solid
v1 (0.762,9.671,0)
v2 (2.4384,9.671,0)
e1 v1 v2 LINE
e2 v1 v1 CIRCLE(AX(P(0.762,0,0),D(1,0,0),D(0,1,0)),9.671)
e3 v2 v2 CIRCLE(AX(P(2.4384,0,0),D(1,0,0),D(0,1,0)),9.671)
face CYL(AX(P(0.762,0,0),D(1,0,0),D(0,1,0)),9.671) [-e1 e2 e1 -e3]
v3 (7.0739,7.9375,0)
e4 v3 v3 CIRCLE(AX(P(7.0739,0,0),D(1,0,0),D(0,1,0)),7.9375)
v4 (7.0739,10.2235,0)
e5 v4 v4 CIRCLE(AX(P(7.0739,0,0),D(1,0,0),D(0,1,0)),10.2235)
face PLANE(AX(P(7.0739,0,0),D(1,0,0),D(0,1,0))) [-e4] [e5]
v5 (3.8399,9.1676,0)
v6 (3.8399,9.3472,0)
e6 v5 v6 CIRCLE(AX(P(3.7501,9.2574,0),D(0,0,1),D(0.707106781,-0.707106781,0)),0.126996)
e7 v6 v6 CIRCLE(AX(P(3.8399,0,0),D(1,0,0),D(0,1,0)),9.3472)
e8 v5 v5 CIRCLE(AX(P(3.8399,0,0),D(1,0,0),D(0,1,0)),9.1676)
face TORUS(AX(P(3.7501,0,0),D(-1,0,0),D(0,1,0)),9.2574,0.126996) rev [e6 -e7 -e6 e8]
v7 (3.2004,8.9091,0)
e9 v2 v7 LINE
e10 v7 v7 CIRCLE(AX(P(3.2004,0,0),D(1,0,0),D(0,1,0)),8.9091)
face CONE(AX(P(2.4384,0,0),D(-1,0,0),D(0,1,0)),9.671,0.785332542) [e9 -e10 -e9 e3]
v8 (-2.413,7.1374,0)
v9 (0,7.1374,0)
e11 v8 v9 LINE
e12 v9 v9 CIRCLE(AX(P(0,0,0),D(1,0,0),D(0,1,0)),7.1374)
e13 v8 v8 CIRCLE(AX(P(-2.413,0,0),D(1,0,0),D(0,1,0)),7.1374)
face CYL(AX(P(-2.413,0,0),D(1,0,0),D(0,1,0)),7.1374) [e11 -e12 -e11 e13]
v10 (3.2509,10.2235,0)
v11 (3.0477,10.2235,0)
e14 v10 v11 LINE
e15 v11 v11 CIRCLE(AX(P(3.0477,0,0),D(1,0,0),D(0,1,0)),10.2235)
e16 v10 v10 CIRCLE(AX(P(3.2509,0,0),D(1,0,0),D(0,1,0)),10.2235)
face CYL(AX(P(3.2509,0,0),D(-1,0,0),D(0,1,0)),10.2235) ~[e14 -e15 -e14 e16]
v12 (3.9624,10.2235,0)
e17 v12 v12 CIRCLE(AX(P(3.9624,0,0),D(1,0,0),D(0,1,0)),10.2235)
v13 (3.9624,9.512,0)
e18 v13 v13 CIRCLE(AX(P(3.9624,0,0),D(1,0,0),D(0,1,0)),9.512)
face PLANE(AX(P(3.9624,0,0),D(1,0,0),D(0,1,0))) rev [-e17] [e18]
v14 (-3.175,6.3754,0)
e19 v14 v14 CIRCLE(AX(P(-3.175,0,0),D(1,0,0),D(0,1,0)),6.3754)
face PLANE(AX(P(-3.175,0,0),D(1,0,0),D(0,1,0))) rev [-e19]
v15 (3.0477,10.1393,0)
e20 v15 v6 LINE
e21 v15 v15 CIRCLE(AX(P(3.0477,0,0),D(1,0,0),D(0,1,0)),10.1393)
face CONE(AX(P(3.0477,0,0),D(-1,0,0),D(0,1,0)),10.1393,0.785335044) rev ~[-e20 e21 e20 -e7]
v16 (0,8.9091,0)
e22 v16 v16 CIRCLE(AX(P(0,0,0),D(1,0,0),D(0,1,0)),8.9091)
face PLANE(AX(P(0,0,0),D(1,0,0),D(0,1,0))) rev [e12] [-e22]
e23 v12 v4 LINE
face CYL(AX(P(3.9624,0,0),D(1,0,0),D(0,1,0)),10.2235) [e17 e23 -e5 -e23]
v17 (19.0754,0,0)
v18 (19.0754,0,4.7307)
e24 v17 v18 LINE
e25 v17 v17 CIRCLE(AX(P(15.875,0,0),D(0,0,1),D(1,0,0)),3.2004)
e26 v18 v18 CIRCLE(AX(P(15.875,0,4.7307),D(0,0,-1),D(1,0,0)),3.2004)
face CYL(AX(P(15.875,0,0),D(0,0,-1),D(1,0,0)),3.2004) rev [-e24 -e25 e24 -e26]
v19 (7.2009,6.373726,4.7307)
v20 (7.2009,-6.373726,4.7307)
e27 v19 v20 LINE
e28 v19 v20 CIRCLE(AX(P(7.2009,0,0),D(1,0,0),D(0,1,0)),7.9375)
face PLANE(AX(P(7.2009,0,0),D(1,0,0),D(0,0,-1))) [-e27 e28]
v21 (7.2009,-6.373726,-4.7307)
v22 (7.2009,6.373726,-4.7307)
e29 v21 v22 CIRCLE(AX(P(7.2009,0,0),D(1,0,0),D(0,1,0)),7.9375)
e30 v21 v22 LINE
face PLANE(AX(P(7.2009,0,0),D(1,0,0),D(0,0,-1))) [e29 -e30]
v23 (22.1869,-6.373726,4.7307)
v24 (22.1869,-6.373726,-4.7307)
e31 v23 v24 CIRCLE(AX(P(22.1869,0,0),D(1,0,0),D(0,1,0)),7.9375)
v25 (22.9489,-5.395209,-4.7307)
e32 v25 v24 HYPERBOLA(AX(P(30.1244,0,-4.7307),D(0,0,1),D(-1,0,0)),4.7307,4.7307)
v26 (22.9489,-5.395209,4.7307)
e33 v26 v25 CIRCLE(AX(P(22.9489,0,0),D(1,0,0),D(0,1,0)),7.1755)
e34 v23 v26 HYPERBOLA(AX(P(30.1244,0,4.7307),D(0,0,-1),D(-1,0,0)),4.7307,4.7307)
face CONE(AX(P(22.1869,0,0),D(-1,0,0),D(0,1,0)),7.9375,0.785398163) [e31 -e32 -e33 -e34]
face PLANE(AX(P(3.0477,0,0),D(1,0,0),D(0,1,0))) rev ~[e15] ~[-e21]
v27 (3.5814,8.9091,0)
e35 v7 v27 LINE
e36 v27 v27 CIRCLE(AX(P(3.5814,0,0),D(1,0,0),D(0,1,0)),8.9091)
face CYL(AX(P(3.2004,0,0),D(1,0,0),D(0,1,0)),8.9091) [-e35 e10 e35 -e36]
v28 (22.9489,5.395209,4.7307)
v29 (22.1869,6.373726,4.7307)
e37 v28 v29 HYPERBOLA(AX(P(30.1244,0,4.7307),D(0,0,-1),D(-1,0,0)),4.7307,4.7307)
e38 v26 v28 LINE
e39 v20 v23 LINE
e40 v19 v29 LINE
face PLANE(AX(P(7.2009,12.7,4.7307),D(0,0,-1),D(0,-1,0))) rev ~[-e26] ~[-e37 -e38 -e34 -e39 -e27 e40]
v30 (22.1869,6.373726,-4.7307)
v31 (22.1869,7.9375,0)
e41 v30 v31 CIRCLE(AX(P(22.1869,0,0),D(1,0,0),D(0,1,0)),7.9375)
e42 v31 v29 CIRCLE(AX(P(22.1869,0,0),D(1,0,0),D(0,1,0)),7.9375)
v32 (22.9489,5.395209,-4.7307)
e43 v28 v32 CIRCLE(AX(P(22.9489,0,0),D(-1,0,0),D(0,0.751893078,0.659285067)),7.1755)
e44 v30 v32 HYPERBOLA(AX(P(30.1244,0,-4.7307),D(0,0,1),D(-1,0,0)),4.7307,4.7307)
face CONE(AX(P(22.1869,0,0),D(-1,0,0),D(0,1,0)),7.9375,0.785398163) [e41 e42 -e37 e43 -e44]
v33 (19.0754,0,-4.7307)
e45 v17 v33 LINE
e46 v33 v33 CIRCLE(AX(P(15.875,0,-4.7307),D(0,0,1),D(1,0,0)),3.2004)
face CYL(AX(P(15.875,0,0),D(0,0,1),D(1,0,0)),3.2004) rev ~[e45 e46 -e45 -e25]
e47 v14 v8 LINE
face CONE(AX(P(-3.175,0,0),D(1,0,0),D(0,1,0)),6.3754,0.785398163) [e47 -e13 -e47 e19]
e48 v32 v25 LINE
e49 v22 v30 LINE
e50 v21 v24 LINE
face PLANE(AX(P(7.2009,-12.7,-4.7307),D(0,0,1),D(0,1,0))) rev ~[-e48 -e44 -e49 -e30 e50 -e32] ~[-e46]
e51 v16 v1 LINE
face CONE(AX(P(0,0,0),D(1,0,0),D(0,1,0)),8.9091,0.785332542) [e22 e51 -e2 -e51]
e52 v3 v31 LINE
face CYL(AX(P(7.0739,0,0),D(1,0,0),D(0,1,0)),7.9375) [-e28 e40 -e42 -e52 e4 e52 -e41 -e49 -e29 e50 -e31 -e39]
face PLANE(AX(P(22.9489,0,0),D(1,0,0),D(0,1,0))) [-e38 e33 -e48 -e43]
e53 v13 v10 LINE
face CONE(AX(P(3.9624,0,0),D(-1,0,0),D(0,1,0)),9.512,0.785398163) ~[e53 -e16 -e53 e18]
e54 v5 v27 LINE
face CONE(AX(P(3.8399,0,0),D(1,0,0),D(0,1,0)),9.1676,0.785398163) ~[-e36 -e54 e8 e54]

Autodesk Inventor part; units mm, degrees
sketch "Sketch_1" plane through (0, 0, 0) normal (0, 0, 1) x (1, 0, 0)
  line L0 (7.0739, 0) -> (0, 0)
  line L1 (0, 0) -> (0, 8.9091)
  line L2 (0, 8.9091) -> (0.762, 9.671)
  line L3 (0.762, 9.671) -> (2.4384, 9.671)
  line L4 (2.4384, 9.671) -> (3.2004, 8.9091)
  line L5 (3.2004, 8.9091) -> (3.9624, 8.9091)
  line L6 (3.9624, 8.9091) -> (3.9624, 10.2235)
  line L7 (3.9624, 10.2235) -> (7.0739, 10.2235)
  line L8 (7.0739, 10.2235) -> (7.0739, 0)
  line L9 (7.0739, 0) -> (0, 0)
revolve "Revolution1" add sketch "Sketch_1" angle 360 about axis through (7.0739, 0, 0) along (1, 0, 0)
sketch "Sketch_24" plane through (0, 0, 0) normal (0, 0, 1) x (1, 0, 0)
  line L0 (3.9624, 0) -> (3.2004, 0)
  line L1 (3.0477, 10.2235) -> (3.0477, 10.1393)
  line L2 (3.0477, 10.1393) -> (3.8399, 9.3472)
  arc A0 (3.8399, 9.1676) -> (3.8399, 9.3472) centre (3.7501, 9.2574) ccw
  line L3 (3.8399, 9.1676) -> (3.5814, 8.9091)
  line L4 (3.5814, 8.9091) -> (3.2004, 8.9091)
  line L5 (3.2004, 8.9091) -> (3.2004, 8.655)
  line L6 (3.2004, 8.655) -> (3.9624, 8.655)
  line L7 (3.9624, 8.655) -> (3.9624, 9.512)
  line L8 (3.9624, 9.512) -> (3.2509, 10.2235)
  line L9 (3.2509, 10.2235) -> (3.0477, 10.2235)
revolve "Revolution2" add sketch "Sketch_24" angle 360 about axis through (3.9624, 0, 0) along (1, 0, 0)
sketch "Sketch_26" plane through (0, 0, 0) normal (0, 0, 1) x (1, 0, 0)
  line L0 (0, 0) -> (-3.175, 0)
  line L1 (-3.175, 0) -> (-3.175, 6.3754)
  line L2 (-3.175, 6.3754) -> (-2.413, 7.1374)
  line L3 (-2.413, 7.1374) -> (0, 7.1374)
  line L4 (0, 7.1374) -> (0, 0)
  line L5 (0, 0) -> (-3.175, 0)
revolve "Revolution3" add sketch "Sketch_26" angle 360 about axis through (0, 0, 0) along (1, 0, 0)
sketch "Sketch_27" plane through (0, 0, 0) normal (0, 0, 1) x (1, 0, 0)
  line L0 (22.9489, 0) -> (7.0739, 0)
  line L1 (7.0739, 0) -> (7.0739, 7.9375)
  line L2 (7.0739, 7.9375) -> (22.1869, 7.9375)
  line L3 (22.1869, 7.9375) -> (22.9489, 7.1755)
  line L4 (22.9489, 7.1755) -> (22.9489, 0)
  line L5 (22.9489, 0) -> (7.0739, 0)
revolve "Revolution4" add sketch "Sketch_27" angle 360 about axis through (22.9489, 0, 0) along (1, 0, 0)
sketch "Sketch_28" plane through (7.2009, 0, 0) normal (1, 0, 0) x (0, 0, -1)
  line L0 (-15.875, -15.875) -> (15.875, -15.875)
  line L1 (15.875, -15.875) -> (15.875, 15.875)
  line L2 (15.875, 15.875) -> (-15.875, 15.875)
  line L3 (-15.875, 15.875) -> (-15.875, -15.875)
  line L4 (-4.7307, -12.7) -> (4.7307, -12.7)
  line L5 (4.7307, -12.7) -> (4.7307, 12.7)
  line L6 (4.7307, 12.7) -> (-4.7307, 12.7)
  line L7 (-4.7307, 12.7) -> (-4.7307, -12.7)
extrude "Extrusion1" cut sketch "Sketch_28" along normal blind 15.875
sketch "Sketch_29" plane through (0, 0, 0) normal (0, 0, 1) x (1, 0, 0)
  circle A0 centre (15.875, 0) radius 3.2004
extrude "Extrusion2" cut sketch "Sketch_29" along normal mid plane 18.923
ref_plane "1_XY" through (7.0739, 0, 0) normal (1, 0, 0) x (0, 0, -1)
ref_plane "1_YZ" through (7.0739, 0, 0) normal (0, 0, -1) x (0, 1, 0)
ref_plane "1_ZX" through (7.0739, 0, 0) normal (0, 1, 0) x (1, 0, 0)
ref_plane "lovra_XY" through (7.0739, 0, 0) normal (1, 0, 0) x (0, 1, 0)
ref_plane "lovra_YZ" through (7.0739, 0, 0) normal (0, 1, 0) x (0, 0, 1)
ref_plane "lovra_ZX" through (7.0739, 0, 0) normal (0, 0, 1) x (1, 0, 0)
ref_plane "lovra1_XY" through (2.2987, 0, 0) normal (1, 0, 0) x (0, 0, -1)
ref_plane "lovra1_YZ" through (2.2987, 0, 0) normal (0, 0, -1) x (0, 1, 0)
ref_plane "lovra1_ZX" through (2.2987, 0, 0) normal (0, 1, 0) x (1, 0, 0)
ref_plane "lovra2_XY" through (2.2987, 7.874, 0) normal (1, 0, 0) x (0, 0, -1)
ref_plane "lovra2_YZ" through (2.2987, 7.874, 0) normal (0, 0, -1) x (0, 1, 0)
ref_plane "lovra2_ZX" through (2.2987, 7.874, 0) normal (0, 1, 0) x (1, 0, 0)
ref_plane "lovra21_XY" through (0, 0, 5.2705) normal (1, 0, 0) x (0, 0, -1)
ref_plane "lovra21_YZ" through (0, 0, 5.2705) normal (0, 0, -1) x (0, 1, 0)
ref_plane "lovra21_ZX" through (0, 0, 5.2705) normal (0, 1, 0) x (1, 0, 0)
ref_plane "lovra22_XY" through (0, 0, -5.2705) normal (1, 0, 0) x (0, 0, -1)
ref_plane "lovra22_YZ" through (0, 0, -5.2705) normal (0, 0, -1) x (0, 1, 0)
ref_plane "lovra22_ZX" through (0, 0, -5.2705) normal (0, 1, 0) x (1, 0, 0)
ref_plane "lovra3_XY" through (2.2987, -7.874, 0) normal (1, 0, 0) x (0, 0, -1)
ref_plane "lovra3_YZ" through (2.2987, -7.874, 0) normal (0, 0, -1) x (0, 1, 0)
ref_plane "lovra3_ZX" through (2.2987, -7.874, 0) normal (0, 1, 0) x (1, 0, 0)
ref_plane "olen_XY" through (15.875, 0, 0) normal (1, 0, 0) x (0, 0, -1)
ref_plane "olen_YZ" through (15.875, 0, 0) normal (0, 0, -1) x (0, 1, 0)
ref_plane "olen_ZX" through (15.875, 0, 0) normal (0, 1, 0) x (1, 0, 0)
ref_plane "p1_XY" through (22.9489, 0, 4.7307) normal (1, 0, 0) x (0, 0, -1)
ref_plane "p1_YZ" through (22.9489, 0, 4.7307) normal (0, 0, -1) x (0, 1, 0)
ref_plane "p1_ZX" through (22.9489, 0, 4.7307) normal (0, 1, 0) x (1, 0, 0)
ref_plane "p2_XY" through (22.9489, 0, -4.7307) normal (1, 0, 0) x (0, 0, -1)
ref_plane "p2_YZ" through (22.9489, 0, -4.7307) normal (0, 0, -1) x (0, 1, 0)
ref_plane "p2_ZX" through (22.9489, 0, -4.7307) normal (0, 1, 0) x (1, 0, 0)
ref_plane "port2_XY" through (22.9489, 0, 0) normal (1, 0, 0) x (0, 0, -1)
ref_plane "port2_YZ" through (22.9489, 0, 0) normal (0, 0, -1) x (0, 1, 0)
ref_plane "port2_ZX" through (22.9489, 0, 0) normal (0, 1, 0) x (1, 0, 0)
ref_plane "thd1_XY" through (22.9489, 0, 7.9375) normal (1, 0, 0) x (0, 0, -1)
ref_plane "thd1_YZ" through (22.9489, 0, 7.9375) normal (0, 0, -1) x (0, 1, 0)
ref_plane "thd1_ZX" through (22.9489, 0, 7.9375) normal (0, 1, 0) x (1, 0, 0)
ref_plane "thd2_XY" through (22.9489, 0, -7.9375) normal (1, 0, 0) x (0, 0, -1)
ref_plane "thd2_YZ" through (22.9489, 0, -7.9375) normal (0, 0, -1) x (0, 1, 0)
ref_plane "thd2_ZX" through (22.9489, 0, -7.9375) normal (0, 1, 0) x (1, 0, 0)
ref_plane "to_mounting_bracket_XY" through (23.0124, 0, 0) normal (1, 0, 0) x (0, 0, -1)
ref_plane "to_mounting_bracket_YZ" through (23.0124, 0, 0) normal (0, 0, -1) x (0, 1, 0)
ref_plane "to_mounting_bracket_ZX" through (23.0124, 0, 0) normal (0, 1, 0) x (1, 0, 0)
ref_plane "to_nut_XY" through (25.4, 0, 0) normal (1, 0, 0) x (0, 0, -1)
ref_plane "to_nut_YZ" through (25.4, 0, 0) normal (0, 0, -1) x (0, 1, 0)
ref_plane "to_nut_ZX" through (25.4, 0, 0) normal (0, 1, 0) x (1, 0, 0)
ref_plane "to_pin_XY" through (15.875, 0, 0) normal (0, 0, 1) x (1, 0, 0)
ref_plane "to_pin_YZ" through (15.875, 0, 0) normal (1, 0, 0) x (0, 1, 0)
ref_plane "to_pin_ZX" through (15.875, 0, 0) normal (0, 1, 0) x (0, 0, 1)
ref_plane "to_screw_XY" through (17.4752, 2.032, -6.0452) normal (0, 1, 0) x (1, 0, 0)
ref_plane "to_screw_YZ" through (17.4752, 2.032, -6.0452) normal (1, 0, 0) x (0, 0, -1)
ref_plane "to_screw_ZX" through (17.4752, 2.032, -6.0452) normal (0, 0, -1) x (0, 1, 0)
ref_plane "to_tube_XY" through (3.2004, 0, 0) normal (1, 0, 0) x (0, 0, -1)
ref_plane "to_tube_YZ" through (3.2004, 0, 0) normal (0, 0, -1) x (0, 1, 0)
ref_plane "to_tube_ZX" through (3.2004, 0, 0) normal (0, 1, 0) x (1, 0, 0)
properties part number "04PR0000_rear_head"
